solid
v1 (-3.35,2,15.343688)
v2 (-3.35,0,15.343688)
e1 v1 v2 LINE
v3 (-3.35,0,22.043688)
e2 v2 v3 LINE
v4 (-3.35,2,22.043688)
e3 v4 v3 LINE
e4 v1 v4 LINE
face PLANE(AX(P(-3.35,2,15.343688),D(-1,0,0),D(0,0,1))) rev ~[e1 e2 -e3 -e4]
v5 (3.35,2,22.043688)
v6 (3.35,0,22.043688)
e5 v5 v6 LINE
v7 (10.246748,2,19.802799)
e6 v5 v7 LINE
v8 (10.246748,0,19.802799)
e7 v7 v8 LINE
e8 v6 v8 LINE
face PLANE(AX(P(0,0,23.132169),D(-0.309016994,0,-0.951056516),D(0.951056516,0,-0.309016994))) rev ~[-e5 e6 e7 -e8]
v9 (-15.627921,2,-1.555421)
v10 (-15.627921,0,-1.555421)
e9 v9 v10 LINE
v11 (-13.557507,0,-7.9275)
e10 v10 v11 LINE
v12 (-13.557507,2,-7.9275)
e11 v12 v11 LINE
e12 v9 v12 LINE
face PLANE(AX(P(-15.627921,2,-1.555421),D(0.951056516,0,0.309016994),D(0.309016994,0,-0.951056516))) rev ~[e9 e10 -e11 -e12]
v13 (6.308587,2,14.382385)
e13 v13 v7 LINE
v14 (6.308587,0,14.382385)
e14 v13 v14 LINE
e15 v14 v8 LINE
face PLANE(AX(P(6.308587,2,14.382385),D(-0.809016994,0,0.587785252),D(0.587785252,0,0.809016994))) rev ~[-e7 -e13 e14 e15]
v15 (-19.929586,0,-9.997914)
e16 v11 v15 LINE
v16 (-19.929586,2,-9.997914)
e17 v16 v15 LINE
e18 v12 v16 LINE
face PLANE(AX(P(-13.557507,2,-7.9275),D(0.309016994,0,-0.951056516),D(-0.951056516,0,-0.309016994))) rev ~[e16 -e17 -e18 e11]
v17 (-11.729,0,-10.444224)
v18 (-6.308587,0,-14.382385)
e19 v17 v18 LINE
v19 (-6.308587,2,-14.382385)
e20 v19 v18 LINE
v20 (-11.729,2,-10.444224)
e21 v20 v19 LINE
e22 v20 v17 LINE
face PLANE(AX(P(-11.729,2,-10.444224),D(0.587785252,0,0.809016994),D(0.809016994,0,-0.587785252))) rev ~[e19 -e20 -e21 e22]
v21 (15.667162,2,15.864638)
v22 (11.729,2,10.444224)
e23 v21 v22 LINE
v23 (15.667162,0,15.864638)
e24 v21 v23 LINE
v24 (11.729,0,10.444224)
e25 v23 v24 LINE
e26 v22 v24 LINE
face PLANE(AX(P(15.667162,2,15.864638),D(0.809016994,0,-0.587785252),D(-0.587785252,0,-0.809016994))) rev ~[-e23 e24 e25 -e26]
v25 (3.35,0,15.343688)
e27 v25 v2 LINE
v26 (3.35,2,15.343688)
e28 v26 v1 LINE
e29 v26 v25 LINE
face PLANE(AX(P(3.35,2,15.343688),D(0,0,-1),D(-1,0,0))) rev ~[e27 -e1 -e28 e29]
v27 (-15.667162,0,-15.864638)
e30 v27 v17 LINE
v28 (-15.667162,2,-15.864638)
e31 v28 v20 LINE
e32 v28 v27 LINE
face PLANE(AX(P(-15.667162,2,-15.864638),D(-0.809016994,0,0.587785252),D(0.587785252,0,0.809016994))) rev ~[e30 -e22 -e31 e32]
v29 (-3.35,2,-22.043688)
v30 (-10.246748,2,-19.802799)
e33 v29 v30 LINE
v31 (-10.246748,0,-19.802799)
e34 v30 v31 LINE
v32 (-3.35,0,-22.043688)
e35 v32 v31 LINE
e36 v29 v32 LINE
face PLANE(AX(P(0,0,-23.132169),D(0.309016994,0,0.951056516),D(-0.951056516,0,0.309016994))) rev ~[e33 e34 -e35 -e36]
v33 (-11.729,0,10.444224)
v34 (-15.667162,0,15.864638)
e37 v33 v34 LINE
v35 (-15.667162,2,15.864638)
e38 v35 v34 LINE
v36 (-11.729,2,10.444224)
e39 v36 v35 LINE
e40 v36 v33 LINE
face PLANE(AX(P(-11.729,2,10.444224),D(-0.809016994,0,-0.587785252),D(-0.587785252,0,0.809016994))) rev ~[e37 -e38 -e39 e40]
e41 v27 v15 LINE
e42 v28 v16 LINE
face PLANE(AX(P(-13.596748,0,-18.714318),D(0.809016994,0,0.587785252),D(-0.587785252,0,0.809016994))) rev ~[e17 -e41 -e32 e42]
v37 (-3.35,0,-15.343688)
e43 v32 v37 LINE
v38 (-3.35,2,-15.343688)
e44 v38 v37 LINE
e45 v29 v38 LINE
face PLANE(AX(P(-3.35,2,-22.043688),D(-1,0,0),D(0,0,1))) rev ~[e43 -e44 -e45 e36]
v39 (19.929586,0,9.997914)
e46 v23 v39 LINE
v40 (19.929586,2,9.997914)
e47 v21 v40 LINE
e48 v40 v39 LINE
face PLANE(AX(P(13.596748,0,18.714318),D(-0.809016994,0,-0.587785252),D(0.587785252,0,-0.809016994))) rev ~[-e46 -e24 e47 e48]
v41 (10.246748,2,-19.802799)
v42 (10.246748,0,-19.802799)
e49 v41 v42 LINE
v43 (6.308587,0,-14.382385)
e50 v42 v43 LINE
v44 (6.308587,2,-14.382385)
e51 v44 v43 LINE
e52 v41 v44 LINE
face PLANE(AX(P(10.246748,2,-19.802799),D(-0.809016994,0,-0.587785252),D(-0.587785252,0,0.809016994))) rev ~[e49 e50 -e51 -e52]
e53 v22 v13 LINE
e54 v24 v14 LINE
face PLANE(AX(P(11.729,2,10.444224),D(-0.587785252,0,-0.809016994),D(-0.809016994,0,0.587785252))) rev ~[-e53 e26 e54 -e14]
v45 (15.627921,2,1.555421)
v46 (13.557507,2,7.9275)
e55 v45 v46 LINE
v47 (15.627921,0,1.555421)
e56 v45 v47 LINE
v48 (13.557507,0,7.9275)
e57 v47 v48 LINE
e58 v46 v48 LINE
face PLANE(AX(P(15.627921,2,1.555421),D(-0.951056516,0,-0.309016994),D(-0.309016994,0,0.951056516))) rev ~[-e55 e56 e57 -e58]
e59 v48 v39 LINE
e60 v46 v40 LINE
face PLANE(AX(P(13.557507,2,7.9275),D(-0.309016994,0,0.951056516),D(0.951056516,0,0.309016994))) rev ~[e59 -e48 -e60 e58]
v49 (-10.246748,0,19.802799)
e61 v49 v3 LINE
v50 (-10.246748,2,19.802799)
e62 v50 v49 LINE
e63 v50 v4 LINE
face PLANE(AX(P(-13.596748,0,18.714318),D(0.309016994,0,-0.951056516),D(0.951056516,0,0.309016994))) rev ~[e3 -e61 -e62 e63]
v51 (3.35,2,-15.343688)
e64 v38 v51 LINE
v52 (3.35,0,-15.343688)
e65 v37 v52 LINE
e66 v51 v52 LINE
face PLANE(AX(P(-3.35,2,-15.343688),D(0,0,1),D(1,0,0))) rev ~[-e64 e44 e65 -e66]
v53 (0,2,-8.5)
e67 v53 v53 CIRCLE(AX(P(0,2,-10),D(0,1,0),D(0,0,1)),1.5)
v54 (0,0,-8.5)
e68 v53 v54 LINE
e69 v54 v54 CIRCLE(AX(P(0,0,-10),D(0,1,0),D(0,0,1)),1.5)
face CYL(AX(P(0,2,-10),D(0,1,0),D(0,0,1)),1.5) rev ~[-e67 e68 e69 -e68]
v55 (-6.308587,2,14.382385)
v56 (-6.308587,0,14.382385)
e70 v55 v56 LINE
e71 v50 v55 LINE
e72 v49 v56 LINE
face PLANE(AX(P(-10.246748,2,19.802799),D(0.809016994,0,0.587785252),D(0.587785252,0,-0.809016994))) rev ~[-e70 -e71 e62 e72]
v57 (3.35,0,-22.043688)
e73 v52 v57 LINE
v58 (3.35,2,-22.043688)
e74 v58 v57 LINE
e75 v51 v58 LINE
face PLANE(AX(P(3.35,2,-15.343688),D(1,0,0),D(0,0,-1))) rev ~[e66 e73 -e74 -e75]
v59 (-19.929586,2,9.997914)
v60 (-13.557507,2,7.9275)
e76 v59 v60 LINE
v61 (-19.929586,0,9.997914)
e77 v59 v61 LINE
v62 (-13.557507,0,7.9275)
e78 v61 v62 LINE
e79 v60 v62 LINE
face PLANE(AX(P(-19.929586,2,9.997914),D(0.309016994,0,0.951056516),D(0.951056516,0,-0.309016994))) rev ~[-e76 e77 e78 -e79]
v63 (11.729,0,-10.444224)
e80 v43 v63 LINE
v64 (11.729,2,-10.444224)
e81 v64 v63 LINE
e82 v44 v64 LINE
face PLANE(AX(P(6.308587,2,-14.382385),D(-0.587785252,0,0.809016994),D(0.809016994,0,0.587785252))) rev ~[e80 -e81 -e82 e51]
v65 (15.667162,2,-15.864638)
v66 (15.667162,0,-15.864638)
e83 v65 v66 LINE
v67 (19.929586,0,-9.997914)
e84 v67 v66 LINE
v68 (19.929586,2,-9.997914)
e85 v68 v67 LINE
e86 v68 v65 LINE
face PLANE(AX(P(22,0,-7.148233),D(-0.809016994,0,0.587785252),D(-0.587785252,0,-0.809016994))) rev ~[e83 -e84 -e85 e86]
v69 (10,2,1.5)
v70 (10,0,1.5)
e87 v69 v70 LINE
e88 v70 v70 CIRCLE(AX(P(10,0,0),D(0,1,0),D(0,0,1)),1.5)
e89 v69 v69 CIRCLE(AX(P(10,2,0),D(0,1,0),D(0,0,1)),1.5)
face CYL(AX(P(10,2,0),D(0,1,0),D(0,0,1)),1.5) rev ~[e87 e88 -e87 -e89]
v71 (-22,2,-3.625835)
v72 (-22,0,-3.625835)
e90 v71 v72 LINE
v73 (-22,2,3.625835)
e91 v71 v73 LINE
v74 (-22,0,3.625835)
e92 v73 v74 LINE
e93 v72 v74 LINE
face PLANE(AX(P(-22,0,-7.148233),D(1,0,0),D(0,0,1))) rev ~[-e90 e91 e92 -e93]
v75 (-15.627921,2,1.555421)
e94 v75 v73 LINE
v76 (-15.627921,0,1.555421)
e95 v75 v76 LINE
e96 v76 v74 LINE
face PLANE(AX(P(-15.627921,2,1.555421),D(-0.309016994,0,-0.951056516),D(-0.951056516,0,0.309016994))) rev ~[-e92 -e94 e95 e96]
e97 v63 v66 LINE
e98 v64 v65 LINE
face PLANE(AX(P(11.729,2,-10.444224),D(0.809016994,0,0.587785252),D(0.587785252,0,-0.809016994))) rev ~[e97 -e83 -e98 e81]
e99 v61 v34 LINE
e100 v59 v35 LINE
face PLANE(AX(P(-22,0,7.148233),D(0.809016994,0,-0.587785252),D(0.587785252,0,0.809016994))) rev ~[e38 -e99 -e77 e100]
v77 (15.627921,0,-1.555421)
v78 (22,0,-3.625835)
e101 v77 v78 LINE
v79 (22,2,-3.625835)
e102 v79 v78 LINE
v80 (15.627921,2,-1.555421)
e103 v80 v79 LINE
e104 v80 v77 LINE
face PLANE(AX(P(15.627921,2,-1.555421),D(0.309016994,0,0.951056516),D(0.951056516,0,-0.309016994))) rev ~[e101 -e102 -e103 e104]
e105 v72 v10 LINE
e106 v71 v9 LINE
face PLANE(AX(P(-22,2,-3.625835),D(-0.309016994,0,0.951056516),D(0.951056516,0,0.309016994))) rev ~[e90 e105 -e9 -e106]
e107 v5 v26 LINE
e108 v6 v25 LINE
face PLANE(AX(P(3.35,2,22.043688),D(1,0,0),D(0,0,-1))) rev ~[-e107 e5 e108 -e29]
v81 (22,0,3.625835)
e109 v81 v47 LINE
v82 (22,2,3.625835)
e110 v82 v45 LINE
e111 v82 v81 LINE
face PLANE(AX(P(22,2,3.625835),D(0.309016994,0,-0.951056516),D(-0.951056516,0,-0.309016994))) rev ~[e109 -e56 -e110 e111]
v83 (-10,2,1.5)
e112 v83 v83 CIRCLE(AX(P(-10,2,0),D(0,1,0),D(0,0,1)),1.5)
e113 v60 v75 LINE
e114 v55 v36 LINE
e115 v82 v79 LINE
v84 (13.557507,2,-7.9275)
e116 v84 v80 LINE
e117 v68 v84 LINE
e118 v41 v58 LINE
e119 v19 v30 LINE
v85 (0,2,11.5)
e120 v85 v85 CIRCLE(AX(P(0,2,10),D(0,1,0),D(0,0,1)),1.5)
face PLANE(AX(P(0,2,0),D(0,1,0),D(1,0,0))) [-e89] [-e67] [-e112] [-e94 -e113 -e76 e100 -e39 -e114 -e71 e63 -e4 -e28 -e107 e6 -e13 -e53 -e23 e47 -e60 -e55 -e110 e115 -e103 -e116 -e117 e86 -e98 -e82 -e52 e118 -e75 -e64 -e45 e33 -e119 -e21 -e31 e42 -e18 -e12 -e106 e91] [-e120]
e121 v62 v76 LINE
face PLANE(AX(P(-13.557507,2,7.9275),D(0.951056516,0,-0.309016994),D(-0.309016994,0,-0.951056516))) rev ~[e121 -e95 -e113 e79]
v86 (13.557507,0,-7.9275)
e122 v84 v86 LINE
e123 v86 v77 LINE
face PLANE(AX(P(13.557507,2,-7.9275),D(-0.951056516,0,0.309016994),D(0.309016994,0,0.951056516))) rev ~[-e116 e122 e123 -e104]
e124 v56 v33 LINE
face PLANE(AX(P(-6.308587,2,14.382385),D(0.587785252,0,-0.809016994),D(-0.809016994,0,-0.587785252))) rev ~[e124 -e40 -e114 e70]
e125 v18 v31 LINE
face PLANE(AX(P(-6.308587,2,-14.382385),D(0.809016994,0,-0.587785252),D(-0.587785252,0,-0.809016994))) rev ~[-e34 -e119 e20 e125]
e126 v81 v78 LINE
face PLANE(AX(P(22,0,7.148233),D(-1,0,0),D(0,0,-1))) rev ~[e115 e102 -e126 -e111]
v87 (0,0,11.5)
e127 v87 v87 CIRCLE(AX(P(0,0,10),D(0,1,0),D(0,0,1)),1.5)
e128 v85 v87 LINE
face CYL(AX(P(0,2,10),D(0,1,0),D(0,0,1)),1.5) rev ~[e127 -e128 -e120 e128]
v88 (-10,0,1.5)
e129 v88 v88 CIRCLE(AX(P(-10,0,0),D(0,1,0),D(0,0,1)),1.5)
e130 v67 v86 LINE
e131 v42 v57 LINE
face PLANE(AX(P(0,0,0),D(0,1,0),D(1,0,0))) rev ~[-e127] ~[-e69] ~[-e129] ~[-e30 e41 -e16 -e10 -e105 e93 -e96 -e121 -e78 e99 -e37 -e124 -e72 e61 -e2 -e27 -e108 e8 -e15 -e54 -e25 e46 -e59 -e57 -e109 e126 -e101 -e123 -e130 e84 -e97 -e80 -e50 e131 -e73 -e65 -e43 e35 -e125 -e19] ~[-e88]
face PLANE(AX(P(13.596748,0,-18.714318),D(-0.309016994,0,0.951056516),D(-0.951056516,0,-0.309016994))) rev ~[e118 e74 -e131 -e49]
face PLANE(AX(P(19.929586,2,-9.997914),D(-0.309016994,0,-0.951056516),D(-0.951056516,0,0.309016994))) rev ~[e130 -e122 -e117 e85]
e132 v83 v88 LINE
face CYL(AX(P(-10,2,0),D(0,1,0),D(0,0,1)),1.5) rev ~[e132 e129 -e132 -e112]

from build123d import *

# Parameters (mm, degrees)
BOSS_EXTRUDE1_DEPTH = 2
CUT_EXTRUDE1_DEPTH  = 2
SKETCH7_R           = 1.5
CUT_EXTRUDE3_DEPTH  = 2


with BuildPart() as part:
    # Sketch1 → Boss-Extrude1 (new body)
    with BuildSketch(Plane(origin=(0, 0, 0), x_dir=(1, 0, 0), z_dir=(0, 1, 0))):
        Polygon((0, 23.132168933), (-13.596747752, 18.714317784), (-22, 7.148233317), (-22, -7.148233317), (-13.596747752, -18.714317784), (0, -23.132168933), (13.596747752, -18.714317784), (22, -7.148233317), (22, 7.148233317), (13.596747752, 18.714317784), align=None)
    extrude(amount=BOSS_EXTRUDE1_DEPTH)

    # Sketch2 → Cut-Extrude1 (cut)
    with BuildSketch(Plane(origin=(0, 2, 0), x_dir=(1, 0, 0), z_dir=(0, 1, 0))):
        Polygon((0, 23.132168933), (-3.35, 22.043687951), (-3.35, 15.343687951), (3.35, 15.343687951), (3.35, 22.043687951), align=None)
        Polygon((11.729000424, 10.444223713), (15.667161615, 15.864637576), (13.596747752, 18.714317784), (10.246747752, 19.802798766), (6.308586562, 14.382384904), align=None)
        Polygon((15.627921341, 1.555421004), (22, 3.625834866), (22, 7.148233317), (19.929586138, 9.997913525), (13.557507479, 7.927499663), align=None)
        Polygon((13.557507479, -7.927499663), (19.929586138, -9.997913525), (22, -7.148233317), (22, -3.625834866), (15.627921341, -1.555421004), align=None)
        Polygon((6.308586562, -14.382384904), (10.246747752, -19.802798766), (13.596747752, -18.714317784), (15.667161615, -15.864637576), (11.729000424, -10.444223713), align=None)
        Polygon((-3.35, -15.343687951), (-3.35, -22.043687951), (0, -23.132168933), (3.35, -22.043687951), (3.35, -15.343687951), align=None)
        Polygon((-11.729000424, -10.444223713), (-15.667161615, -15.864637576), (-13.596747752, -18.714317784), (-10.246747752, -19.802798766), (-6.308586562, -14.382384904), align=None)
        Polygon((-15.627921341, -1.555421004), (-22, -3.625834866), (-22, -7.148233317), (-19.929586138, -9.997913525), (-13.557507479, -7.927499663), align=None)
        Polygon((-13.557507479, 7.927499663), (-19.929586138, 9.997913525), (-22, 7.148233317), (-22, 3.625834866), (-15.627921341, 1.555421004), align=None)
        Polygon((-6.308586562, 14.382384904), (-10.246747752, 19.802798766), (-13.596747752, 18.714317784), (-15.667161615, 15.864637576), (-11.729000424, 10.444223713), align=None)
    extrude(amount=-CUT_EXTRUDE1_DEPTH, mode=Mode.SUBTRACT)

    # Sketch7 → Cut-Extrude3 (cut)
    with BuildSketch(Plane(origin=(0, 2, 0), x_dir=(1, 0, 0), z_dir=(0, 1, 0))):
        with Locations(Location((0, 10, 0), (0, 0, 270))):
            Circle(SKETCH7_R)
        with Locations(Location((10, 0, 0), (0, 0, 270))):
            Circle(SKETCH7_R)
        with Locations(Location((0, -10, 0), (0, 0, 270))):
            Circle(SKETCH7_R)
        with Locations(Location((-10, 0, 0), (0, 0, 270))):
            Circle(SKETCH7_R)
    extrude(amount=-CUT_EXTRUDE3_DEPTH, mode=Mode.SUBTRACT)


solid = part.part
